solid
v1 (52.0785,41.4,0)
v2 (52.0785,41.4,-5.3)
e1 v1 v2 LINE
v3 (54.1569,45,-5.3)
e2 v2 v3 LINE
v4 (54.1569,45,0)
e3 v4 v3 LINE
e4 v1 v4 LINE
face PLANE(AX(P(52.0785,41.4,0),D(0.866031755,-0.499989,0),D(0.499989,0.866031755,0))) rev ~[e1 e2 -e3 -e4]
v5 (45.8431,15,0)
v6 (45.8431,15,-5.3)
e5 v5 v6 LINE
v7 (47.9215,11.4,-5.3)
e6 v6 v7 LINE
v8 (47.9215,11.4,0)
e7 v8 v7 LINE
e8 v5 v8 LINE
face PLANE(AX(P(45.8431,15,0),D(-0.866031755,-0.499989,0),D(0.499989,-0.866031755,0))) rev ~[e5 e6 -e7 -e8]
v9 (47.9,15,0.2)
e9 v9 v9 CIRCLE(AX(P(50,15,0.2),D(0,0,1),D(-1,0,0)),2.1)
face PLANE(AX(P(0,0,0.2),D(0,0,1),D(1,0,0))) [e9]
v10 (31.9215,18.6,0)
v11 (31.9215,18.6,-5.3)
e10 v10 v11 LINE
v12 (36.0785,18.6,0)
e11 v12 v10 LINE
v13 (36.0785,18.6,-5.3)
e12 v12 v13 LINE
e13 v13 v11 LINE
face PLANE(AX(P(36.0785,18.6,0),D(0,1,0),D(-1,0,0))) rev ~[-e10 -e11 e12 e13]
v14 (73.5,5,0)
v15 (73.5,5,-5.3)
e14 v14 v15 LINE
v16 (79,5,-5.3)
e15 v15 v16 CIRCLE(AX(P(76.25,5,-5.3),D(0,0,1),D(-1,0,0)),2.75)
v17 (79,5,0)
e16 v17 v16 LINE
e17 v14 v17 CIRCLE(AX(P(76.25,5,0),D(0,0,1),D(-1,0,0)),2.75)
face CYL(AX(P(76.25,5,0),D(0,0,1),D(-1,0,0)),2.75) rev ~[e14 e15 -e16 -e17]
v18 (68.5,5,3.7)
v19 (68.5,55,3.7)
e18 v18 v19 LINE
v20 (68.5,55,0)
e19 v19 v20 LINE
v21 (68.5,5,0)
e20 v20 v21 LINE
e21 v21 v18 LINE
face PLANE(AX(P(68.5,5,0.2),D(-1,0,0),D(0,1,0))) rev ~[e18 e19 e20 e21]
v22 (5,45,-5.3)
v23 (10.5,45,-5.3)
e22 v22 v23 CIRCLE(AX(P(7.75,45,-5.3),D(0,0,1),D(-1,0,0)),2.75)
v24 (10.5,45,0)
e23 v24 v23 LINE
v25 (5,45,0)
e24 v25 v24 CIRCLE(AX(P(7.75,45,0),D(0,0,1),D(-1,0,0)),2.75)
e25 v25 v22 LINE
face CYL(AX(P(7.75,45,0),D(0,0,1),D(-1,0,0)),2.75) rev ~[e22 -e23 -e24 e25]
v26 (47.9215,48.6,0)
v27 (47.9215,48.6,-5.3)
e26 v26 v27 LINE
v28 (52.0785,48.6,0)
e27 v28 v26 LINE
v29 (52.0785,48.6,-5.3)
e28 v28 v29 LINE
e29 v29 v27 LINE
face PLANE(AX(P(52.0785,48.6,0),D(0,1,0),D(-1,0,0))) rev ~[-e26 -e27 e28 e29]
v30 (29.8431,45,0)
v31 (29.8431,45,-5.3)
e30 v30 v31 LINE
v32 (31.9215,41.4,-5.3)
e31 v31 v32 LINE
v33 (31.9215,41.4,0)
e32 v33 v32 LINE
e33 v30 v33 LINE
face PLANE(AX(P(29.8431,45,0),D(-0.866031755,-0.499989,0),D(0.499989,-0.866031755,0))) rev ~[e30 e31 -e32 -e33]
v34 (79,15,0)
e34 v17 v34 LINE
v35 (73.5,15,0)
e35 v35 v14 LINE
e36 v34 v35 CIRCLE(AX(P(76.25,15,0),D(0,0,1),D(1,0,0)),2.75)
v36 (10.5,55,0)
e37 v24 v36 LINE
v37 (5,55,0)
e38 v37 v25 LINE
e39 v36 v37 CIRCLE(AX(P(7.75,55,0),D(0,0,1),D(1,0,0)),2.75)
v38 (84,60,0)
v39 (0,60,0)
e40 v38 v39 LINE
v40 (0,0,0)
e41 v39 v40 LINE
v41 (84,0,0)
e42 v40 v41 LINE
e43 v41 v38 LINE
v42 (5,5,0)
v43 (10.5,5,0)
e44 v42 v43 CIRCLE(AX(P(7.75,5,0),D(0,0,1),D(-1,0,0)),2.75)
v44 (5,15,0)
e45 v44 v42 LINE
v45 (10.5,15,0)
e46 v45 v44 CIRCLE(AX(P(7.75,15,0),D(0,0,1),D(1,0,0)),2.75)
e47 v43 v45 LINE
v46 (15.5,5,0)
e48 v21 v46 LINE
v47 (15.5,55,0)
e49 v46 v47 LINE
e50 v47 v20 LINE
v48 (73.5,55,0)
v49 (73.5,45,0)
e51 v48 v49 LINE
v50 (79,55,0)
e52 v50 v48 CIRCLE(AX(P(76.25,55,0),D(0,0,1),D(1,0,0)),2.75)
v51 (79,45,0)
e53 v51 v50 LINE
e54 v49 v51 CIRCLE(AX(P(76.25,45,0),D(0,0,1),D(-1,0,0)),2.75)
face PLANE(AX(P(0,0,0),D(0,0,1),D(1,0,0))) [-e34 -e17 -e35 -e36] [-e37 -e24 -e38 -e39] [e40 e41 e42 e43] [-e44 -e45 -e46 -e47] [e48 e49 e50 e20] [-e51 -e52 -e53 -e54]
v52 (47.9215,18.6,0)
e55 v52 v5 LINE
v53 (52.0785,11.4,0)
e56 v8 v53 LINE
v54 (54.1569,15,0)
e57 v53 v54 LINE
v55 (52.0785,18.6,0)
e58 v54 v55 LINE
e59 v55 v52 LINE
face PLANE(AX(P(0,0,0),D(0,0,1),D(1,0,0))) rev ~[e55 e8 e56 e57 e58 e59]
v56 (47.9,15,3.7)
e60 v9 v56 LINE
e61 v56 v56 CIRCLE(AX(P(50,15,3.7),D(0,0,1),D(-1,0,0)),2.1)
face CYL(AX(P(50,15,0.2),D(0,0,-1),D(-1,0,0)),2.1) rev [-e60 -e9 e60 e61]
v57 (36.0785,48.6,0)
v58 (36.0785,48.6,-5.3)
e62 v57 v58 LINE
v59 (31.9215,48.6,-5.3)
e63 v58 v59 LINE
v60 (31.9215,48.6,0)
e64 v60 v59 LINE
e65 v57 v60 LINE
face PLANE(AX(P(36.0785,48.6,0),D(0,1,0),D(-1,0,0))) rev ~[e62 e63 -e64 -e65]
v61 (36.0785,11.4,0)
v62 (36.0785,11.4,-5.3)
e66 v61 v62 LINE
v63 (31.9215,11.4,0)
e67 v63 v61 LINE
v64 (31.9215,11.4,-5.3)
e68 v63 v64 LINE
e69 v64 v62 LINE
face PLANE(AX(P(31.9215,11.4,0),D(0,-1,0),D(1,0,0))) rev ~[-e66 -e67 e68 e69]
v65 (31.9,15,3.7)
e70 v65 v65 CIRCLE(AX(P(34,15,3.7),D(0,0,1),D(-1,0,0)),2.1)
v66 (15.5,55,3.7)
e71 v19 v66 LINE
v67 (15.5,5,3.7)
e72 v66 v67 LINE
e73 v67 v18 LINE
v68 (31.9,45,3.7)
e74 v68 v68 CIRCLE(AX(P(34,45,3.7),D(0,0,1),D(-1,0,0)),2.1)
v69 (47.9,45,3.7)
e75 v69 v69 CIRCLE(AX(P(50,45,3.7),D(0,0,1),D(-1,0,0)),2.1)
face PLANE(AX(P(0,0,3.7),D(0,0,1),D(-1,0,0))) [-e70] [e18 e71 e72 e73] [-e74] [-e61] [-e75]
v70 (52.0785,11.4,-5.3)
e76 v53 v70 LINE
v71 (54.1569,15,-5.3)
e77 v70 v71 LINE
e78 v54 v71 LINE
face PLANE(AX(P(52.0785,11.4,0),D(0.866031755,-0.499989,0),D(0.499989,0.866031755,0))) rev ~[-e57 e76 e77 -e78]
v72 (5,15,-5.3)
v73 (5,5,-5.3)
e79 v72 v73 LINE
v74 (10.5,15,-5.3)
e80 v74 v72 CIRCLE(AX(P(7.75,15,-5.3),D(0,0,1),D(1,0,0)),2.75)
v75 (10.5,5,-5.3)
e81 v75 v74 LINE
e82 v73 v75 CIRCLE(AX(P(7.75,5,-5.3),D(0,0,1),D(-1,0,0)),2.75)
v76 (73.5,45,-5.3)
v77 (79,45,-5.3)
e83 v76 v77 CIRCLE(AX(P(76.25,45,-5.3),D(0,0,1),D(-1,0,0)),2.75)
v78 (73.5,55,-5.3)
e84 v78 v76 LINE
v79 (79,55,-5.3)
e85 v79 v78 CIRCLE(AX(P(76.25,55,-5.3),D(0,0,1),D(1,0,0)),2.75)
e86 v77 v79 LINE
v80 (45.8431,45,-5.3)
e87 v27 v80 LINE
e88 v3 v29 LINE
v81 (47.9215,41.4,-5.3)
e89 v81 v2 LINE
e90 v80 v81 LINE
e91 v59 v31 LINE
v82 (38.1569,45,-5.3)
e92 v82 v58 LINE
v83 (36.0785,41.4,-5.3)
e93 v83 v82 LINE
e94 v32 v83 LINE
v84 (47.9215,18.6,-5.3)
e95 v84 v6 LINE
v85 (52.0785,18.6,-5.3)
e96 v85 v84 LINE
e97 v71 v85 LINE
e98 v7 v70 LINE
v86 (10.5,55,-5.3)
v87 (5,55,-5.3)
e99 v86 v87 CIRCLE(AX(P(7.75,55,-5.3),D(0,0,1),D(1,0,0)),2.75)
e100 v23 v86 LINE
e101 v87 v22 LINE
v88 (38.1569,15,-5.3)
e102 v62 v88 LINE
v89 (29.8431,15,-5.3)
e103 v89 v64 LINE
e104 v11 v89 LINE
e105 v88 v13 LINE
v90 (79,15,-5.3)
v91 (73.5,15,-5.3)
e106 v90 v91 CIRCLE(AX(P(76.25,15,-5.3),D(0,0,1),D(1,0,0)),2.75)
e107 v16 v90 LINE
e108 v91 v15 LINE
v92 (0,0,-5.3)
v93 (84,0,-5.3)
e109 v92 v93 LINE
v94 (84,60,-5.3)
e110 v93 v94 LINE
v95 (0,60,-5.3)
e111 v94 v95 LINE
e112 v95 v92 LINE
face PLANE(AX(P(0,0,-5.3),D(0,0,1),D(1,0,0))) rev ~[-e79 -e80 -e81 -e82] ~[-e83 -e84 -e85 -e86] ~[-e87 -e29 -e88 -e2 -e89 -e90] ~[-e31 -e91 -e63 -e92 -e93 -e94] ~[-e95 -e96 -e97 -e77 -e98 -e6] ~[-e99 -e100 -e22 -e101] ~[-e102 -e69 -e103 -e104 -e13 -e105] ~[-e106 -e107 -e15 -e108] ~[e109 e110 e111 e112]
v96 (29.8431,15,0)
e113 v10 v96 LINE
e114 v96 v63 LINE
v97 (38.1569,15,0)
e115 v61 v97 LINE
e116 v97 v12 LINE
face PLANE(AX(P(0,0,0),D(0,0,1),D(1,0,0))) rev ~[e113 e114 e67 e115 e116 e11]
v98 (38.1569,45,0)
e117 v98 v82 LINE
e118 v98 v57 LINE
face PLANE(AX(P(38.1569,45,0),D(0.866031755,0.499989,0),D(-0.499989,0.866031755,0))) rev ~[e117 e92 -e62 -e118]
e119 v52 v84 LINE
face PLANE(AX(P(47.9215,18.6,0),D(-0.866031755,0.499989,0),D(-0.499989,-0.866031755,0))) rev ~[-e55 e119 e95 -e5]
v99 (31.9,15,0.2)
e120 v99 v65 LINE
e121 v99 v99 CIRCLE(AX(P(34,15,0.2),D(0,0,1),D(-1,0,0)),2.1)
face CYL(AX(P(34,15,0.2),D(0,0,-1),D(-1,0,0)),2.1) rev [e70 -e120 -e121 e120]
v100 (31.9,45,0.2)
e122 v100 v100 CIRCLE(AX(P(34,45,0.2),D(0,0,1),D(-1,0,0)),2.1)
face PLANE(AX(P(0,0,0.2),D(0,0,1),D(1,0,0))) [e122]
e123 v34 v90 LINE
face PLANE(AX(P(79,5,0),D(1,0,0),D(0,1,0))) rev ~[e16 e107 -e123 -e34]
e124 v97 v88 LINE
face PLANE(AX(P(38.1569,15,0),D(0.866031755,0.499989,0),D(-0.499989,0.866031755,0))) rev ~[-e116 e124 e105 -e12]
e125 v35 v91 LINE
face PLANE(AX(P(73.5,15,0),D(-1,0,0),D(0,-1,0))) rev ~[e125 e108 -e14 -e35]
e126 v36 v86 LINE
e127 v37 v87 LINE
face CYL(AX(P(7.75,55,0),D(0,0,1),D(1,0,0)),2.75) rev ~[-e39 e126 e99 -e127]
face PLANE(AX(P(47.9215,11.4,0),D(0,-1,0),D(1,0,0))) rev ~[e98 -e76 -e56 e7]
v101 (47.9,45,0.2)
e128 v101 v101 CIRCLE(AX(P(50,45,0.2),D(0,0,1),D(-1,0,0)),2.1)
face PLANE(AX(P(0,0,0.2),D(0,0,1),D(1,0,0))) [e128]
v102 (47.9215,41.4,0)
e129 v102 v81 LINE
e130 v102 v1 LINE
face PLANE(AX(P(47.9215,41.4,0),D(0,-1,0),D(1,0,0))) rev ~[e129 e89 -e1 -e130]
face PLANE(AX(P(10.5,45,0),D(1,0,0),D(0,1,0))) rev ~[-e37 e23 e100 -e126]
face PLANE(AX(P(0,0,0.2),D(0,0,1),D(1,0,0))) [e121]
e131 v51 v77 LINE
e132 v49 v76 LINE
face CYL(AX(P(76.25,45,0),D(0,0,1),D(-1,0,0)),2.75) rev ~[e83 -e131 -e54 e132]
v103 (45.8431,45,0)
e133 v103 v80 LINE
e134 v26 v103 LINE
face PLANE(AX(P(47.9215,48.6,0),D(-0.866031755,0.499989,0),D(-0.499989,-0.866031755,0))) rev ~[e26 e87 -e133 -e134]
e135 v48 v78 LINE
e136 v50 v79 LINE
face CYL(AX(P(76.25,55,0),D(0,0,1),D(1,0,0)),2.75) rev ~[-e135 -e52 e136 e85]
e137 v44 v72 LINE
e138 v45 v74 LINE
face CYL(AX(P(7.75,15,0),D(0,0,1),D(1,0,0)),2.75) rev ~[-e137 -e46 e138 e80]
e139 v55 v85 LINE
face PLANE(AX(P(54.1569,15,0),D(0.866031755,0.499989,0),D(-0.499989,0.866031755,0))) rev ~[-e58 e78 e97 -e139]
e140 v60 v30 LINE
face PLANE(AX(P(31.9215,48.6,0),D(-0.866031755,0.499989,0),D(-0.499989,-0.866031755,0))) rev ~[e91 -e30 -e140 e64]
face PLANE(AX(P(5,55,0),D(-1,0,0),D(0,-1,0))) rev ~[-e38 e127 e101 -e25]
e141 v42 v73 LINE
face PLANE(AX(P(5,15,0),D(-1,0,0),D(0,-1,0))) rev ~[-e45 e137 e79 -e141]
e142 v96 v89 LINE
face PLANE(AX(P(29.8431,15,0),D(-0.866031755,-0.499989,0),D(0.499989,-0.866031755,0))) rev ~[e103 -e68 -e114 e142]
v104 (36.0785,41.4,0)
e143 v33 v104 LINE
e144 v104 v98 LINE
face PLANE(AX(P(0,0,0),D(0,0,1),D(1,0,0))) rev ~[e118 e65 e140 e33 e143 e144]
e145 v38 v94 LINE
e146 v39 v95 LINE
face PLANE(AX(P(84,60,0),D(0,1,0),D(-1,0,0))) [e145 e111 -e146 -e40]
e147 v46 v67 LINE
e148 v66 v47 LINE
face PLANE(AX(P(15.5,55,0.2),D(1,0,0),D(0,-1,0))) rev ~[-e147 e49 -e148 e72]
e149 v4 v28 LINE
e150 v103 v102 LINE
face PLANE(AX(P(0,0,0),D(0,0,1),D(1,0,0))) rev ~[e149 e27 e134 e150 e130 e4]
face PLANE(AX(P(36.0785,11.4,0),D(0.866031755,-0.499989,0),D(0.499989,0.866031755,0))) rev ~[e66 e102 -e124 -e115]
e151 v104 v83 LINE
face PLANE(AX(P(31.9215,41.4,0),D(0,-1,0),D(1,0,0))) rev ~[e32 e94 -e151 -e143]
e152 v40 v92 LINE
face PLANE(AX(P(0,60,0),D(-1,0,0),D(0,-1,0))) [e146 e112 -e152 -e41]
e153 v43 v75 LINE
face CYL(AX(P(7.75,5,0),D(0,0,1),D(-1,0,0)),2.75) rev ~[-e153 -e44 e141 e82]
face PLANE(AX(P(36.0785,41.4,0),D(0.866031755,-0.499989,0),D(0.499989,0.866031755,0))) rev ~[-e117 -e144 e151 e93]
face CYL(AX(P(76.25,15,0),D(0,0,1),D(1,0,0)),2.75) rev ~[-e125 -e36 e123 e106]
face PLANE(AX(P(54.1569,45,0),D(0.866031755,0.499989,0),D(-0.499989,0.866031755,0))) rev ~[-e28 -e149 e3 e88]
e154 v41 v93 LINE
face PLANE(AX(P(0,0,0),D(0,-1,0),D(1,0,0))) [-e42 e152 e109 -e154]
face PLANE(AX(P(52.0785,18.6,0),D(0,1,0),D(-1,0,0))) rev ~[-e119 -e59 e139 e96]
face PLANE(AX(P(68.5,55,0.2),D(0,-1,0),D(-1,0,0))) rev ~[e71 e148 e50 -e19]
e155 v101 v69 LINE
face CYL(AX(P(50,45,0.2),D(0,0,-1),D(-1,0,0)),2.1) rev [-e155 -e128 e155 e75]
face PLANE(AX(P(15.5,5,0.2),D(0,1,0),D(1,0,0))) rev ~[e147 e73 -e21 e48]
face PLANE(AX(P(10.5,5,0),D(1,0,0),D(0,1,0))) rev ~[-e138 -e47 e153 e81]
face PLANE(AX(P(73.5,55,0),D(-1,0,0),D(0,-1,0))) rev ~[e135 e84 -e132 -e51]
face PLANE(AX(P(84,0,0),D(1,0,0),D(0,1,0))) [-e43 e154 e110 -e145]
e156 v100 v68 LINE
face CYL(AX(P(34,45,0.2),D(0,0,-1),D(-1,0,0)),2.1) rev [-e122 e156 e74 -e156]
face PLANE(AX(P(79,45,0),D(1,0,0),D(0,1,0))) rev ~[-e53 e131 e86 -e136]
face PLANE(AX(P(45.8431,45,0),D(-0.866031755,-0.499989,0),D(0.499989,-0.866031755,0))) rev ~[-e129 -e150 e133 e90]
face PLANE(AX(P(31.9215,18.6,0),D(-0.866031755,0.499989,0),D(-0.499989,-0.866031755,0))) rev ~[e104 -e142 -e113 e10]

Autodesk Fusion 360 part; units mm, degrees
sketch "Sketch1" plane through (0, 0, 0) normal (0, 0, 1) x (1, 0, 0)
  line L0 (0, 0) -> (84, 0)
  line L1 (84, 0) -> (84, 60)
  line L2 (84, 60) -> (0, 60)
  line L3 (0, 60) -> (0, 0)
  line L4 (5, 60) -> (5, 0) construction
  line L5 (79, 60) -> (79, 0) construction
  line L6 (5, 50) -> (79, 50) construction
  line L7 (5, 10) -> (79, 10) construction
  line L8 (7.75, 50) -> (7.75, 10) construction
  line L9 (76.25, 50) -> (76.25, 10) construction
  line L10 (5, 55) -> (79, 55) construction
  line L11 (5, 5) -> (79, 5) construction
  line L12 (7.75, 10) -> (7.75, 5) construction
  line L13 (7.75, 50) -> (7.75, 55) construction
  line L14 (76.25, 50) -> (76.25, 55) construction
  line L15 (76.25, 10) -> (76.25, 5) construction
  line L16 (7.75, 15) -> (76.25, 15) construction
  line L17 (7.75, 45) -> (76.25, 45) construction
  line L18 (5, 55) -> (5, 45)
  arc A0 (5, 45) -> (10.5, 45) centre (7.75, 45) ccw
  line L19 (10.5, 45) -> (10.5, 55)
  arc A1 (10.5, 55) -> (5, 55) centre (7.75, 55) ccw
  line L20 (7.75, 55) -> (7.75, 45) construction
  line L21 (10.5, 5) -> (10.5, 15)
  arc A2 (10.5, 15) -> (5, 15) centre (7.75, 15) ccw
  line L22 (5, 15) -> (5, 5)
  arc A3 (5, 5) -> (10.5, 5) centre (7.75, 5) ccw
  line L23 (7.75, 5) -> (7.75, 15) construction
  line L24 (73.5, 55) -> (73.5, 45)
  arc A4 (73.5, 45) -> (79, 45) centre (76.25, 45) ccw
  line L25 (79, 45) -> (79, 55)
  arc A5 (79, 55) -> (73.5, 55) centre (76.25, 55) ccw
  line L26 (76.25, 55) -> (76.25, 45) construction
  line L27 (73.5, 15) -> (73.5, 5)
  arc A6 (73.5, 5) -> (79, 5) centre (76.25, 5) ccw
  line L28 (79, 5) -> (79, 15)
  arc A7 (79, 15) -> (73.5, 15) centre (76.25, 15) ccw
  line L29 (76.25, 15) -> (76.25, 5) construction
  line L30 (15.5, 55) -> (68.5, 55)
  line L31 (68.5, 55) -> (68.5, 5)
  line L32 (68.5, 5) -> (15.5, 5)
  line L33 (15.5, 5) -> (15.5, 55)
  line L34 (15.5, 55) -> (68.5, 5) construction
  line L35 (68.5, 55) -> (15.5, 5) construction
  line L36 (68.5, 55) -> (68.5, 5) construction
  line L37 (15.5, 55) -> (15.5, 5) construction
  line L38 (50, 15) -> (50, 45) construction
  line L39 (34, 15) -> (34, 45) construction
  line L40 (31.9215, 18.6) -> (29.8431, 15)
  line L41 (29.8431, 15) -> (31.9215, 11.4)
  line L42 (31.9215, 11.4) -> (36.0785, 11.4)
  line L43 (36.0785, 11.4) -> (38.1569, 15)
  line L44 (38.1569, 15) -> (36.0785, 18.6)
  line L45 (36.0785, 18.6) -> (31.9215, 18.6)
  line L46 (36.0785, 41.4) -> (38.1569, 45)
  line L47 (38.1569, 45) -> (36.0785, 48.6)
  line L48 (36.0785, 48.6) -> (31.9215, 48.6)
  line L49 (31.9215, 48.6) -> (29.8431, 45)
  line L50 (29.8431, 45) -> (31.9215, 41.4)
  line L51 (31.9215, 41.4) -> (36.0785, 41.4)
  line L52 (52.0785, 41.4) -> (54.1569, 45)
  line L53 (54.1569, 45) -> (52.0785, 48.6)
  line L54 (52.0785, 48.6) -> (47.9215, 48.6)
  line L55 (47.9215, 48.6) -> (45.8431, 45)
  line L56 (45.8431, 45) -> (47.9215, 41.4)
  line L57 (47.9215, 41.4) -> (52.0785, 41.4)
  line L58 (47.9215, 18.6) -> (45.8431, 15)
  line L59 (45.8431, 15) -> (47.9215, 11.4)
  line L60 (47.9215, 11.4) -> (52.0785, 11.4)
  line L61 (52.0785, 11.4) -> (54.1569, 15)
  line L62 (54.1569, 15) -> (52.0785, 18.6)
  line L63 (52.0785, 18.6) -> (47.9215, 18.6)
  point P0 (42, 30)
  point P1 (34, 15)
  point P2 (34, 45)
  point P3 (50, 45)
  point P4 (50, 15)
  dimension "d1" = 84
  dimension "d2" = 60
  dimension "d3" = 5
  dimension "d4" = 5
  dimension "d5" = 2.75
  dimension "d6" = 2.75
  dimension "d7" = 40
  dimension "d8" = 5
  dimension "d9" = 5
  dimension "d10" = 5
  dimension "d11" = 5
  dimension "d12" = 5.5
  dimension "d13" = 5.5
  dimension "d16" = 53
  dimension "d17" = 50
  dimension "d18" = 18.5
  dimension "d19" = 18.5
  dimension "d20" = 3.6
  dimension "d21" = 3.6
  dimension "d22" = 3.6
  dimension "d23" = 3.6
extrude "Extrude1" add sketch "Sketch1" against normal blind 5.3 contours L0 L1 L2 L3 | L30 L31 L32 L33
extrude "Extrude2" add sketch "Sketch1" along normal blind 0.2 contours L30 L31 L32 L33 | L40 L41 L42 L43 L44 L45 | L46 L47 L48 L49 L50 L51 | L52 L53 L54 L55 L56 L57 | L58 L59 L60 L61 L62 L63
sketch "Sketch2" plane through (0, 0, 0.2) normal (0, 0, 1) x (-1, 0, 0)
  line L0 (-15.5, -5) -> (-68.5, -5)
  line L1 (-68.5, -5) -> (-68.5, -55)
  line L2 (-68.5, -55) -> (-15.5, -55)
  line L3 (-15.5, -55) -> (-15.5, -5)
  circle A0 centre (-34, -45) radius 2.1
  circle A1 centre (-50, -45) radius 2.1
  circle A2 centre (-34, -15) radius 2.1
  circle A3 centre (-50, -15) radius 2.1
  point P0 (-50, -45)
  point P1 (-34, -45)
  point P2 (-34, -15)
  point P3 (-50, -15)
  dimension "d26" = 4.2
  dimension "d27" = 4.2
  dimension "d28" = 4.2
  dimension "d29" = 4.2
extrude "Extrude3" add sketch "Sketch2" along normal blind 3.5
